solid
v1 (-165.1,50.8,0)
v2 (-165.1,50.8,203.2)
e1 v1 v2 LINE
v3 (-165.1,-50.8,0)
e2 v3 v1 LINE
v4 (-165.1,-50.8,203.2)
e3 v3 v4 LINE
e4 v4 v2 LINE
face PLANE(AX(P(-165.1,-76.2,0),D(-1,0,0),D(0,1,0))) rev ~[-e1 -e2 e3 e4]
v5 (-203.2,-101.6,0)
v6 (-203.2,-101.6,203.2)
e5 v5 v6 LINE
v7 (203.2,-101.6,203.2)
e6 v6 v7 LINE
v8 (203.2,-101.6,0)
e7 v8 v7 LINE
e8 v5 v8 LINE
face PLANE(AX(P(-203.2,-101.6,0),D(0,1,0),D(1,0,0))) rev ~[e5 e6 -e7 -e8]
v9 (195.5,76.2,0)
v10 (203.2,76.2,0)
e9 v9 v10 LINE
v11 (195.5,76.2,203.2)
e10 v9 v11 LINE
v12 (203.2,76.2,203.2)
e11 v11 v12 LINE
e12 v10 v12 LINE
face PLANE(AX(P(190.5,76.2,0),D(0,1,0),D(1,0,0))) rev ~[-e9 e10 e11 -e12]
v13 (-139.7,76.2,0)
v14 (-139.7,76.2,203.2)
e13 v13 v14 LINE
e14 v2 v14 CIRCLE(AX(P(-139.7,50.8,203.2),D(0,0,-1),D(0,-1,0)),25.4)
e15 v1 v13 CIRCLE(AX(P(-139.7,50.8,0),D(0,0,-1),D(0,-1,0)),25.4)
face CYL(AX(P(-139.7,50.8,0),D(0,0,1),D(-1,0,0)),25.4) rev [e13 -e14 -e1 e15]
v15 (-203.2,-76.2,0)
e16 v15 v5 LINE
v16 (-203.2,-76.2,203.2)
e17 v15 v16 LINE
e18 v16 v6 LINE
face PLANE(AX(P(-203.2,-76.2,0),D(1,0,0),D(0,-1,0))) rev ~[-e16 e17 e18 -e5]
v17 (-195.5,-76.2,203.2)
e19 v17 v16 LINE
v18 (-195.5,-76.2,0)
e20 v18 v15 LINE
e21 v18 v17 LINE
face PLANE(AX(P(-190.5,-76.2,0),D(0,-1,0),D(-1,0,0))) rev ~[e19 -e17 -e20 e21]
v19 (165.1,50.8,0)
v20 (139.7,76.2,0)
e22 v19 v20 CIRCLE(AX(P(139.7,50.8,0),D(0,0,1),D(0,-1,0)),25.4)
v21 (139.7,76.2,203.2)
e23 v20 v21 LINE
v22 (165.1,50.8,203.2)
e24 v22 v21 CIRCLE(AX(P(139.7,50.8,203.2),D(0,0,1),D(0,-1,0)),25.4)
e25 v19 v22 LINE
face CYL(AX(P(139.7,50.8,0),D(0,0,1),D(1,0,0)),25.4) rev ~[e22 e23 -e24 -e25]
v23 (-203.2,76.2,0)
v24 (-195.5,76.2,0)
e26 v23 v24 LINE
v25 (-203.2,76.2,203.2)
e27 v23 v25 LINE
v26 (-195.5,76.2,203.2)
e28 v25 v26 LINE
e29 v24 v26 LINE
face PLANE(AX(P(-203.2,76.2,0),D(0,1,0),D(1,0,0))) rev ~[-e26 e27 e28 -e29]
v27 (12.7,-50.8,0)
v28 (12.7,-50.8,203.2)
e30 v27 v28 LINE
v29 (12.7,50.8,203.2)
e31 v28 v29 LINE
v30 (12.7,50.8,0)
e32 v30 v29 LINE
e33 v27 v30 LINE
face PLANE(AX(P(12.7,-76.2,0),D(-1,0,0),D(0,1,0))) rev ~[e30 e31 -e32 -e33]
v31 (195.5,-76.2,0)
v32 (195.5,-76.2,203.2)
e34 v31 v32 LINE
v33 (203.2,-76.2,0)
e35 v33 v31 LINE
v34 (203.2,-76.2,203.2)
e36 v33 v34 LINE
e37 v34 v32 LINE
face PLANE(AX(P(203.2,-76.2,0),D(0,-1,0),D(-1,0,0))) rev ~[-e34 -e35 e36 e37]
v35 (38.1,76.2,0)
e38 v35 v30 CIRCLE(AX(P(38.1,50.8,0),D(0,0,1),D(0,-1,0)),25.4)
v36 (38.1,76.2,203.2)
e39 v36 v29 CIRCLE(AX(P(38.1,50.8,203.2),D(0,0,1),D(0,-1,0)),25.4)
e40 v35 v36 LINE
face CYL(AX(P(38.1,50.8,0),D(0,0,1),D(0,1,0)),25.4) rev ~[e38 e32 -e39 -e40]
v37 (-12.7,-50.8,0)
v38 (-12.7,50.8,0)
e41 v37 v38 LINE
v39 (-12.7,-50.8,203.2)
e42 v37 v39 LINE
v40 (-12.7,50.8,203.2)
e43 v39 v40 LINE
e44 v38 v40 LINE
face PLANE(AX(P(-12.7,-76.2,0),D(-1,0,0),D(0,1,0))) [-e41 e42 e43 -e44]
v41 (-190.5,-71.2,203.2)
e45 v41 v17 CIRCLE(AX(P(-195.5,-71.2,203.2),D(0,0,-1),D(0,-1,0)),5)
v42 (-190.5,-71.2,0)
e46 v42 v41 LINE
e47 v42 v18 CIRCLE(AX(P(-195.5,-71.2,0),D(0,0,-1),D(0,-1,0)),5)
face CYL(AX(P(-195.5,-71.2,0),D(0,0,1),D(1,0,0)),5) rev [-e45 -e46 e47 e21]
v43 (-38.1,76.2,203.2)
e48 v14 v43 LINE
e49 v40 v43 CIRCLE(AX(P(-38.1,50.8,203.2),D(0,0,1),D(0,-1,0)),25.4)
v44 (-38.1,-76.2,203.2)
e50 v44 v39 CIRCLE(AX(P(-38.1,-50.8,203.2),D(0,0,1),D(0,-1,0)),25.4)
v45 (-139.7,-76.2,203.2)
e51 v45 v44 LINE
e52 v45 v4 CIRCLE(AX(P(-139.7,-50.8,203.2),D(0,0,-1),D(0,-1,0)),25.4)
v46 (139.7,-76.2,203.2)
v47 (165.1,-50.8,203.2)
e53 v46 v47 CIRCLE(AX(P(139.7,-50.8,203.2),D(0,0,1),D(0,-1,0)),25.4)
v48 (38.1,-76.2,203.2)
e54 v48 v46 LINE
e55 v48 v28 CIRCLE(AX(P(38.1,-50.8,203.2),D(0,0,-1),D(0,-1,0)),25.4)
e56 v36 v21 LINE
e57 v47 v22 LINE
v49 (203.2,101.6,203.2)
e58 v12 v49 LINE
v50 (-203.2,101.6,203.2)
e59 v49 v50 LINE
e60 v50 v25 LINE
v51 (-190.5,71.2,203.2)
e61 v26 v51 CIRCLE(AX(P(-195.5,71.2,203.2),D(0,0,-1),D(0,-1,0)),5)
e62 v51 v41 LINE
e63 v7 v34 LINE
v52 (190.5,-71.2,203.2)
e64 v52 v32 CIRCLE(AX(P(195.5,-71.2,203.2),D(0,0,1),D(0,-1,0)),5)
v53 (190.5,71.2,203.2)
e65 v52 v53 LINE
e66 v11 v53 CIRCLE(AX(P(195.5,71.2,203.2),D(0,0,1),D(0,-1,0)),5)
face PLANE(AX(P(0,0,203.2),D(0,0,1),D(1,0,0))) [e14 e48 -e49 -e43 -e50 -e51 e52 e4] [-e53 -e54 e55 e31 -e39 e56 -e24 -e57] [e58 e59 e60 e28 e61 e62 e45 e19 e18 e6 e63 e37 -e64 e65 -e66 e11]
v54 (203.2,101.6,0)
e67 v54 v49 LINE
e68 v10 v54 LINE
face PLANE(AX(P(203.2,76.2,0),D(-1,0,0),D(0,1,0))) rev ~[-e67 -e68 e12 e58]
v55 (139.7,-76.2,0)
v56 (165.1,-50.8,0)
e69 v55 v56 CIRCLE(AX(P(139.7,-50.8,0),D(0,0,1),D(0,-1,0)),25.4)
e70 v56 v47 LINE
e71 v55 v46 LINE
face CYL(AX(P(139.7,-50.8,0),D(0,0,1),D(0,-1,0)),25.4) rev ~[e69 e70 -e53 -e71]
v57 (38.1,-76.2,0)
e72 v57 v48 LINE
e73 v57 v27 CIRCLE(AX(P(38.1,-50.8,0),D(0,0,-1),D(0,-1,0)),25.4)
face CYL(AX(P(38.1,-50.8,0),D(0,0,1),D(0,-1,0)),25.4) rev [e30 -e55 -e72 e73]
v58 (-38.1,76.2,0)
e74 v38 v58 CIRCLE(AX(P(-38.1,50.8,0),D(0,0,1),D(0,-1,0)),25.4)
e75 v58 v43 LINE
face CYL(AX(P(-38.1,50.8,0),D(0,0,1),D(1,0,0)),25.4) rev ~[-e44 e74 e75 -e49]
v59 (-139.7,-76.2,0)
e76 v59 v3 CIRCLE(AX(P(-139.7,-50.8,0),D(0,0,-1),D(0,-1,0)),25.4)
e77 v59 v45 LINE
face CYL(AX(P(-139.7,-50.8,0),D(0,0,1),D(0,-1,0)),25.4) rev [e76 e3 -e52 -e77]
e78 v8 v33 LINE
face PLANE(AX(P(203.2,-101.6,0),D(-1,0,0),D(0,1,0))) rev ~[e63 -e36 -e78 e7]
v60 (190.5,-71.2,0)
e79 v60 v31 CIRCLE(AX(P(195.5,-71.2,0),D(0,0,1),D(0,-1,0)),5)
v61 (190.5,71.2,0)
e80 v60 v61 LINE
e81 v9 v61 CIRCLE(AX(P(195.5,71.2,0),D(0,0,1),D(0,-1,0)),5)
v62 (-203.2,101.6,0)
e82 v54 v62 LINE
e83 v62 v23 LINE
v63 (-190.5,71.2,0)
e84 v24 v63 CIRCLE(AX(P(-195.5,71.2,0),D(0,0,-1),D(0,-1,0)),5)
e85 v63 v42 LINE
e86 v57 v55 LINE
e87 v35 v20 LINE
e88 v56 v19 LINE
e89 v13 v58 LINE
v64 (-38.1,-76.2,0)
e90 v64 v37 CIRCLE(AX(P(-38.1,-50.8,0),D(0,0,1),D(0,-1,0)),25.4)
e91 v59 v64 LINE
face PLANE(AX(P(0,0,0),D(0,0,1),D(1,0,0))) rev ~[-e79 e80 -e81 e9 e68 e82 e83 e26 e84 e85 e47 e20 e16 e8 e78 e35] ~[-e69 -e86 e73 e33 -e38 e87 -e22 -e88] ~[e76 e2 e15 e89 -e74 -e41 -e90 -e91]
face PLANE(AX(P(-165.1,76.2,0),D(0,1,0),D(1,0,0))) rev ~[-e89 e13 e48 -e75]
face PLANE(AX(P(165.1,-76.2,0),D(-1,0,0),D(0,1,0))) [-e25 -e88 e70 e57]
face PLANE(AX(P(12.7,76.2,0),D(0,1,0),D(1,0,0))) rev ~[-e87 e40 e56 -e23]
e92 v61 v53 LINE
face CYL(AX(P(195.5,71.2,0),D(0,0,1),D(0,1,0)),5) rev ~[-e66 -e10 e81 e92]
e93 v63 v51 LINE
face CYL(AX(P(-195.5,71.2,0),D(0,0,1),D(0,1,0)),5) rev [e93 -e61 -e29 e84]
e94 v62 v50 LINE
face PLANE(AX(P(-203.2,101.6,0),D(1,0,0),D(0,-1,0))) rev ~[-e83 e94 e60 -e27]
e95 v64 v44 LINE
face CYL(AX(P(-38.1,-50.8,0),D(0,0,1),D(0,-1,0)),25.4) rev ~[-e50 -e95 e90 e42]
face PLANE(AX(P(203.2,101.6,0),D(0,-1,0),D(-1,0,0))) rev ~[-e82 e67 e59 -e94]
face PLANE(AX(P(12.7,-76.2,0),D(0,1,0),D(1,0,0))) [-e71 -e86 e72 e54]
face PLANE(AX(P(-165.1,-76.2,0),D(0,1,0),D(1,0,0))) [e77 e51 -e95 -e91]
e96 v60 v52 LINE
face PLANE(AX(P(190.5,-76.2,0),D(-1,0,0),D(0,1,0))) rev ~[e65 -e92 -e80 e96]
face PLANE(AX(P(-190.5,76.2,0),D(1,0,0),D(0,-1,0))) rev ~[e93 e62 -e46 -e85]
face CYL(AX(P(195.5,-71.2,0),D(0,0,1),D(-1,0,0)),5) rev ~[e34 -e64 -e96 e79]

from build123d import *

# Parameters (mm, degrees)
F0_W     = 152.4
F0_H     = 152.4
F1_DEPTH = 203.2
F2_R     = 25.4
F3_R     = 5


with BuildPart() as f1:
    # F0 (on Top) → F1 (new body)
    with BuildSketch(Plane.XY):
        Polygon((203.2, 101.6), (-203.2, 101.6), (-203.2, 76.2), (-190.5, 76.2), (-190.5, -76.2), (-203.2, -76.2), (-203.2, -101.6), (203.2, -101.6), (203.2, -76.2), (190.5, -76.2), (190.5, 76.2), (203.2, 76.2), align=None)
        with Locations((-88.9, 0)):
            Rectangle(F0_W, F0_H, mode=Mode.SUBTRACT)
        with Locations((88.9, 0)):
            Rectangle(F0_W, F0_H, mode=Mode.SUBTRACT)
    extrude(amount=F1_DEPTH)

    # F2
    f2_edges = [f1.edges().sort_by_distance(p)[0] for p in [
        (-165.1, 76.2, 101.6),
        (-165.1, -76.2, 101.6),
        (12.7, -76.2, 101.6),
        (12.7, 76.2, 101.6),
        (165.1, 76.2, 101.6),
        (165.1, -76.2, 101.6),
        (-12.7, 76.2, 101.6),
        (-12.7, -76.2, 101.6),
    ]]
    fillet(f2_edges, radius=F2_R)

    # F3
    f3_edges = [f1.edges().sort_by_distance(p)[0] for p in [
        (-190.5, 76.2, 101.6),
        (-190.5, -76.2, 101.6),
        (190.5, 76.2, 101.6),
        (190.5, -76.2, 101.6),
    ]]
    fillet(f3_edges, radius=F3_R)


solid = f1.part
